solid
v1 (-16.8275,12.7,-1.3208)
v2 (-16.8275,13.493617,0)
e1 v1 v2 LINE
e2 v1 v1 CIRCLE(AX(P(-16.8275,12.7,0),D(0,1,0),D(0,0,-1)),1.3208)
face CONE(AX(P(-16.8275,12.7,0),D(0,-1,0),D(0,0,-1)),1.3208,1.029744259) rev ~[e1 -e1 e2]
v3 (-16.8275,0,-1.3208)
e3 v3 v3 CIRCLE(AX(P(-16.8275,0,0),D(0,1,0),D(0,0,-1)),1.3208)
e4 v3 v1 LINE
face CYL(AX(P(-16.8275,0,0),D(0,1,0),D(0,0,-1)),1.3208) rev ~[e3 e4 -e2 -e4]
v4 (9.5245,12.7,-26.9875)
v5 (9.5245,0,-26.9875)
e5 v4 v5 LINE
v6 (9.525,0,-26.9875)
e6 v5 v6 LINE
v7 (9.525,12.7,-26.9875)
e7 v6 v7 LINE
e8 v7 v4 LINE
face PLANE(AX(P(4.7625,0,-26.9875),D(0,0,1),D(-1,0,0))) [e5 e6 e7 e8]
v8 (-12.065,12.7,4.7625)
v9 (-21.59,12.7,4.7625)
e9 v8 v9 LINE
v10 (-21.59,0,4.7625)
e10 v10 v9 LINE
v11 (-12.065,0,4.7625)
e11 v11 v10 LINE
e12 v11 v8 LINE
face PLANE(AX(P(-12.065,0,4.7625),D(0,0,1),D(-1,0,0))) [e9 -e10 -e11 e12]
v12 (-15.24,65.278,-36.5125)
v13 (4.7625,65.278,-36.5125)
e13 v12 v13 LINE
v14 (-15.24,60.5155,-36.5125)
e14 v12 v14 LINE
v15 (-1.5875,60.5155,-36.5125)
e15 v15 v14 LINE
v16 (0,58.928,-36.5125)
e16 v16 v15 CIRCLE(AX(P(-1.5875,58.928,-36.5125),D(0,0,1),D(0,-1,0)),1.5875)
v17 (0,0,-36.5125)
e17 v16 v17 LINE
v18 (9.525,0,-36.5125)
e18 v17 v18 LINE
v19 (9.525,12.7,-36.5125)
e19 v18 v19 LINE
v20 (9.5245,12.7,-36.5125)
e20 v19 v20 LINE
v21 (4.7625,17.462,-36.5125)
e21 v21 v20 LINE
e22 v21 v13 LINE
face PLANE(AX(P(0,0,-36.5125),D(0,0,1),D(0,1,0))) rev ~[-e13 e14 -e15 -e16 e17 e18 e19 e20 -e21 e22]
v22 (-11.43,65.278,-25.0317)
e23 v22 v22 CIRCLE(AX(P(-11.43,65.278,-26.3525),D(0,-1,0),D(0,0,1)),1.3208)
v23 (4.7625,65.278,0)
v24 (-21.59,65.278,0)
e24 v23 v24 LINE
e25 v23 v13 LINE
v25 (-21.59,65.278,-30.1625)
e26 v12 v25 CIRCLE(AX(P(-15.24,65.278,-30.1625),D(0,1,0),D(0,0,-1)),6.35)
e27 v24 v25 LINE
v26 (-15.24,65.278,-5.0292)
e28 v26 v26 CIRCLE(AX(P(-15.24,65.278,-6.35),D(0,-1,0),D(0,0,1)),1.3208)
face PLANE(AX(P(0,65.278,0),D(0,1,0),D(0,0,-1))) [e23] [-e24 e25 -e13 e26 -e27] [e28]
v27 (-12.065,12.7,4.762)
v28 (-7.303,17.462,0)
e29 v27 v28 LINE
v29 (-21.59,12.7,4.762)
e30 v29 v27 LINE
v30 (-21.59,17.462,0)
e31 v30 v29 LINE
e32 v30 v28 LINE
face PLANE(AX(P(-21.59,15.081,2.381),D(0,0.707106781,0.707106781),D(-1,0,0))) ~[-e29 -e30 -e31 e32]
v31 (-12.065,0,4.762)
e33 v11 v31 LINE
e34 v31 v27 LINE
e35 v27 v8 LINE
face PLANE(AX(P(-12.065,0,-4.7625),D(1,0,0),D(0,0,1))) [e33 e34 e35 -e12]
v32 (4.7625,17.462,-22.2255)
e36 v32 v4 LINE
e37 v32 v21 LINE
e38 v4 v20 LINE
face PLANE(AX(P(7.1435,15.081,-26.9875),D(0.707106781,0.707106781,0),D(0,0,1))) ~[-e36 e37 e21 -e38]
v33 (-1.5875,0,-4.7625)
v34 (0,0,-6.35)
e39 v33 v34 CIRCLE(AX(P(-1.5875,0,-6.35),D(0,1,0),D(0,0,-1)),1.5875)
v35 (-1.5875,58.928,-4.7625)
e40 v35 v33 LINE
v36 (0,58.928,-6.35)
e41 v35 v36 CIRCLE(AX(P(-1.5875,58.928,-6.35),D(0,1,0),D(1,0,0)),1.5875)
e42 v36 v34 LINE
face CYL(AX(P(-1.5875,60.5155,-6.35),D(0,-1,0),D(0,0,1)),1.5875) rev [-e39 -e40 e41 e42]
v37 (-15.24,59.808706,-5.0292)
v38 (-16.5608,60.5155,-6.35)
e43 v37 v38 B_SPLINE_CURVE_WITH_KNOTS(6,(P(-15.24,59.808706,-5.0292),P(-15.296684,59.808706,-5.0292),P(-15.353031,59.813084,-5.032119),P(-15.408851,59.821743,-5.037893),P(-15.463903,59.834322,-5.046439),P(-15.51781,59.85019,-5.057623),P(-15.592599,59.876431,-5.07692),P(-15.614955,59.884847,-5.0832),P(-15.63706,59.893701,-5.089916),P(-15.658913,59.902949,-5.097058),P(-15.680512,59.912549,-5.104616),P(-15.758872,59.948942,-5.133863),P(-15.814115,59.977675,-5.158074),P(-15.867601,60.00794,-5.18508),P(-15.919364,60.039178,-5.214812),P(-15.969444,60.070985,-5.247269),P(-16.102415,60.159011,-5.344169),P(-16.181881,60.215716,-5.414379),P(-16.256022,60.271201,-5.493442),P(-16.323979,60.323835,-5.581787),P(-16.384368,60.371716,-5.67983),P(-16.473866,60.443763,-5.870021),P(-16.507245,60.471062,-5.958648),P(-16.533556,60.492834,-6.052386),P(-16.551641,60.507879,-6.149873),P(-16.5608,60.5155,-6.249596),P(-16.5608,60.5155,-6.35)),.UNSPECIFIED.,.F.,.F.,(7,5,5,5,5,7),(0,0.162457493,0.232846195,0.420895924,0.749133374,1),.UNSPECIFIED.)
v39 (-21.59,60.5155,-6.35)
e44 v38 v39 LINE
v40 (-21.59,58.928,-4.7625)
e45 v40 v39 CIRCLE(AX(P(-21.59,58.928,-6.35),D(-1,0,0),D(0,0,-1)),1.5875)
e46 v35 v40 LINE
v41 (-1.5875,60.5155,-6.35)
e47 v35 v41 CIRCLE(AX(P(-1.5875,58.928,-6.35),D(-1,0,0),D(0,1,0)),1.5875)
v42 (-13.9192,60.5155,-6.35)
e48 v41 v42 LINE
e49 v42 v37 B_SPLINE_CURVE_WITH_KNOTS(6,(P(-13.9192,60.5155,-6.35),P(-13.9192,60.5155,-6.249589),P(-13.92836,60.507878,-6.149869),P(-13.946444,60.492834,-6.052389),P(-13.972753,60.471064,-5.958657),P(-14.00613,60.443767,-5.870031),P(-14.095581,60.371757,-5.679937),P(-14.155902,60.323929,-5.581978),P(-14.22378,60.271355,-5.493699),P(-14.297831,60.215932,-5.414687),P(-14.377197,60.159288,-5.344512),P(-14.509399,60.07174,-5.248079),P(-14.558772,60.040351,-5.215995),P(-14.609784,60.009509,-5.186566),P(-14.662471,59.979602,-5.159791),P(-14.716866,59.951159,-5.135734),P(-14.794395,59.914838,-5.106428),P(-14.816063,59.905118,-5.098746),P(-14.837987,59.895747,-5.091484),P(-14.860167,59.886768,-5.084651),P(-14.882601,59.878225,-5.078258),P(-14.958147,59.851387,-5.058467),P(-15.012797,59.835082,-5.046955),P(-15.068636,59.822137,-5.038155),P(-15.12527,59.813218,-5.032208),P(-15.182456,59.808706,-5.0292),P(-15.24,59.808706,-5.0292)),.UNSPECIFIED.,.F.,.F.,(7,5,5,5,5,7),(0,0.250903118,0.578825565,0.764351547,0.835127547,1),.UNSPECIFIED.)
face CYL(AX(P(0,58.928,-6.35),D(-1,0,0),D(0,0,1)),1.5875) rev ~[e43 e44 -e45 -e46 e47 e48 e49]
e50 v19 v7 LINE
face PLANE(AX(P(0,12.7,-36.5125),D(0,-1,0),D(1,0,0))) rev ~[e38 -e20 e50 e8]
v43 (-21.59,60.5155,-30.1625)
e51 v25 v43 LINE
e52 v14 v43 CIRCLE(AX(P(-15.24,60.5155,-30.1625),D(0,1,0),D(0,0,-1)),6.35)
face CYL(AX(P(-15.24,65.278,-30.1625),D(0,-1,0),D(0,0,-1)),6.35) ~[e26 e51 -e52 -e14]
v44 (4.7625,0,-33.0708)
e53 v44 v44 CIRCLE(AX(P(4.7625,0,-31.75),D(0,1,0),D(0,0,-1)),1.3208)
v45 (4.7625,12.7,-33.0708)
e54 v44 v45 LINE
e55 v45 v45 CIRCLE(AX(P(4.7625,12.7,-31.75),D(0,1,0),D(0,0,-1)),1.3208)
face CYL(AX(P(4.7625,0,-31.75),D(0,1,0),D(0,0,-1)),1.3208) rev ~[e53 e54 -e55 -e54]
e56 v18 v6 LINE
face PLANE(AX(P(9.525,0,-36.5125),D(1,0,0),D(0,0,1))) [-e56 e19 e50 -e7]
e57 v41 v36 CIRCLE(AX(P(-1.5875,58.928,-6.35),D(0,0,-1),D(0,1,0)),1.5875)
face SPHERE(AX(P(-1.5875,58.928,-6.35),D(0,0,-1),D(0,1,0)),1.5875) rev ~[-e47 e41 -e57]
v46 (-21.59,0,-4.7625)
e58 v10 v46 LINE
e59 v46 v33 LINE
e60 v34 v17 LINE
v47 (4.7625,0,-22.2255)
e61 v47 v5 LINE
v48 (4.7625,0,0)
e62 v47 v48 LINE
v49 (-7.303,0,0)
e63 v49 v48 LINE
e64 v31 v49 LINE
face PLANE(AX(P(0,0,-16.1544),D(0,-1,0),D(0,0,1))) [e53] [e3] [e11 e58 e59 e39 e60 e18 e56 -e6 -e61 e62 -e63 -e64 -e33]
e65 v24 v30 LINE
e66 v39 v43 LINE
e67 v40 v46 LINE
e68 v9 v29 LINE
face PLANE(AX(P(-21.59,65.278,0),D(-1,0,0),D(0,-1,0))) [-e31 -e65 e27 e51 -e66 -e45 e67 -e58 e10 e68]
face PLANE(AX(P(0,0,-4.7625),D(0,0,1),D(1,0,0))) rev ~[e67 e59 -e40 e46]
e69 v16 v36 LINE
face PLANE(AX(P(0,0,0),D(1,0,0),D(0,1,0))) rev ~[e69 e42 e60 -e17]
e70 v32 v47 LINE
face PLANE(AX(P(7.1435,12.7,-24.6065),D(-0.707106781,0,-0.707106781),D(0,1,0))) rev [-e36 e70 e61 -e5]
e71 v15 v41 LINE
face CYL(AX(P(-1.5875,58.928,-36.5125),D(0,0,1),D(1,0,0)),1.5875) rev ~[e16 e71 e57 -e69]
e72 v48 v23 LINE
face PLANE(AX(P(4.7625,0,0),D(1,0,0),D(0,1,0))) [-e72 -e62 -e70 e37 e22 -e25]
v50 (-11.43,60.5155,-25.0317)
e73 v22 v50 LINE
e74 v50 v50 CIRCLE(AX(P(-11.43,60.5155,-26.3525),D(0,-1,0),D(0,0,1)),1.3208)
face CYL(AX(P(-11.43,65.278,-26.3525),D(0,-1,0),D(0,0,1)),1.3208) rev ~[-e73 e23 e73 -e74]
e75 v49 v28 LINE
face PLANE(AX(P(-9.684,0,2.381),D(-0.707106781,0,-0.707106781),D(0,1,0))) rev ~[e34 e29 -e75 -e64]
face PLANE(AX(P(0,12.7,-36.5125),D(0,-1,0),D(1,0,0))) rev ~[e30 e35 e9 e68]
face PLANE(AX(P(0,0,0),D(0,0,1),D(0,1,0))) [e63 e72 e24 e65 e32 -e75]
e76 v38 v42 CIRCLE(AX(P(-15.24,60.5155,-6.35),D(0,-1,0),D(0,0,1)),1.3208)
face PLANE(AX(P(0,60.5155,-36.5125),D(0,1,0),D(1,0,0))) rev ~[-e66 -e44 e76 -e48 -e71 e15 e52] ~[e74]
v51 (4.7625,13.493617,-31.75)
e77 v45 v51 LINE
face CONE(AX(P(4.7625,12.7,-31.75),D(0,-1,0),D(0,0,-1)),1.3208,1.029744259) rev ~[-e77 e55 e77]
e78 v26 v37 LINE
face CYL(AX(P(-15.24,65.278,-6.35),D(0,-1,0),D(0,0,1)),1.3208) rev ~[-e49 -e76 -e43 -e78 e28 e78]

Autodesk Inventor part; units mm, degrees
ref_plane "YZ Plane" through (0, 0, 0) normal (1, 0, 0) x (0, 1, 0)
ref_plane "XZ Plane" through (0, 0, 0) normal (0, 1, 0) x (-1, 0, 0)
ref_plane "XY Plane" through (0, 0, 0) normal (0, 0, 1) x (1, 0, 0)
sketch "Sketch1" plane through (0, 0, 0) normal (1, 0, 0) x (0, 1, 0)
  line L0 (0, 0) -> (65.278, 0)
  line L1 (65.278, 0) -> (65.278, -16.1544)
  line L2 (0, -16.1544) -> (0, 0)
  line L3 (0, 0) -> (0, -20.066)
  line L4 (65.278, 0) -> (0, 0)
  line L5 (0, 0) -> (0, -36.5125)
  line L6 (0, -36.5125) -> (65.278, -36.5125)
  line L7 (65.278, -36.5125) -> (65.278, 0)
  dimension "d0" = 65.278
  dimension "d1" = 16.1544
  dimension "d11" = 36.5125
extrude "Extrusion1" add sketch "Sketch1" along normal blind 4.7625
sketch "Sketch3" plane through (0, 0, 0) normal (0, 0, 1) x (1, 0, 0)
  line L0 (0, 65.278) -> (0, 0) projected
  line L1 (0, 0) -> (4.7625, 0) projected
  line L2 (4.7625, 65.278) -> (4.7625, 0) projected
  line L3 (0, 65.278) -> (4.7625, 65.278) projected
  line L4 (4.7625, 65.278) -> (4.7625, 0) projected
  line L5 (4.7625, 65.278) -> (-21.59, 65.278)
  line L6 (-21.59, 65.278) -> (-21.59, 0)
  line L7 (-21.59, 0) -> (4.7625, 0)
  line L8 (4.7625, 0) -> (4.7625, 65.278)
  dimension "d12" = 26.3525
extrude "Extrusion3" add sketch "Sketch3" against normal blind 4.7625 contours L0 L7 L6 L5
sketch "Sketch4" plane through (0, 65.278, -36.5125) normal (0, 1, 0) x (1, 0, 0)
  line L0 (0, 0) -> (0, -31.75) projected
  line L1 (-21.59, -31.75) -> (0, -31.75) projected
  line L2 (-21.59, -36.5125) -> (-21.59, -31.75) projected
  line L3 (4.7625, -36.5125) -> (-21.59, -36.5125) projected
  line L4 (4.7625, 0) -> (4.7625, -36.5125) projected
  line L5 (0, 0) -> (4.7625, 0) projected
  line L6 (-21.59, -31.75) -> (0, -31.75) projected
  line L7 (-21.59, -31.75) -> (-21.59, 0)
  line L8 (0, 0) -> (-21.59, 0)
  line L9 (-21.59, 0) -> (0, 0)
  line L10 (0, 0) -> (0, -31.75)
  line L11 (0, -31.75) -> (-21.59, -31.75)
  line L12 (-21.59, -31.75) -> (-21.59, 0)
  point P0 (0, -36.5125)
  dimension "d15" = 31.75
  dimension "d16" = 21.59
  dimension "d50" = 31.75
  dimension "d51" = 21.59
extrude "Extrusion4" add sketch "Sketch4" against normal blind 4.7625
fillet "Fillet1" radius 1.5875 3 edges at (0, 60.5155, -20.6375) (-10.795, 60.5155, -4.7625) (0, 30.2578, -4.7625)
sketch "Sketch6" plane through (0, 0, -36.5125) normal (0, -1, 0) x (1, 0, 0)
  line L0 (0, 30.1625) -> (0, 0) projected
  line L1 (0, 0) -> (4.7625, 0) projected
  line L2 (4.7625, 36.5125) -> (4.7625, 0) projected
  line L3 (-21.59, 36.5125) -> (4.7625, 36.5125) projected
  line L4 (-21.59, 36.5125) -> (-21.59, 31.75) projected
  line L5 (-1.5875, 31.75) -> (-21.59, 31.75) projected
  arc A0 (0, 30.1625) -> (-1.5875, 31.75) centre (-1.5875, 30.1625) ccw projected
  line L6 (0, 0) -> (9.525, 0)
  line L7 (9.525, 0) -> (9.525, 9.525)
  line L8 (9.525, 9.525) -> (0, 9.525)
  line L9 (0, 9.525) -> (0, 0)
  line L10 (-21.59, 36.5125) -> (-21.59, 31.75) projected
  line L11 (-21.59, 31.75) -> (-12.065, 31.75)
  line L12 (-12.065, 31.75) -> (-12.065, 41.275)
  line L13 (-12.065, 41.275) -> (-21.59, 41.275)
  line L14 (-21.59, 41.275) -> (-21.59, 31.75)
  point P0 (0, 36.5125)
  dimension "d24" = 9.525
  dimension "d25" = 9.525
  dimension "d26" = 9.525
  dimension "d27" = 9.525
extrude "Extrusion5" add sketch "Sketch6" against normal blind 12.7 contours L8 L2 L1 L0 | L8 L7 L6 L2 | L5 L4 L3 L12 | L3 L14 L13 L12
chamfer "Chamfer1" distance 4.7625 angle 45 4 edges at (4.7625, 6.35, -26.9875) (-12.065, 6.35, 0) (4.7625, 12.7, -31.75) (-16.8275, 12.7, 0)
sketch "Sketch8" plane through (-21.59, 0, -4.7625) normal (0, -1, 0) x (1, 0, 0)
  line L0 (20.0025, 0) -> (0, 0) projected
  arc A0 (21.59, -1.5875) -> (20.0025, 0) centre (20.0025, -1.5875) ccw projected
  line L1 (21.59, -1.5875) -> (21.59, -31.75) projected
  line L2 (21.59, -31.75) -> (31.115, -31.75) projected
  line L3 (31.115, -31.75) -> (31.115, -22.225) projected
  line L4 (26.3525, -17.4625) -> (31.115, -22.225) projected
  line L5 (26.3525, 4.7625) -> (26.3525, -17.4625) projected
  line L6 (14.2875, 4.7625) -> (26.3525, 4.7625) projected
  line L7 (9.525, 9.525) -> (14.2875, 4.7625) projected
  line L8 (9.525, 9.525) -> (0, 9.525) projected
  line L9 (0, 9.525) -> (0, 0) projected
  line L10 (26.3525, 4.7625) -> (0, 4.7625) projected
  point P0 (21.59, 4.7625)
  point P1 (4.7625, 4.7625)
  point P2 (26.3525, -26.9875)
hole "Hole1" at (-16.8275, 0, 0) at (4.7625, 0, -31.75) direction (0, 1, 0) diameter 2.6416 depth 12.7 tip angle 118 thread size "6-32 UNC" class "2B" standard "ANSI Unified Screw Threads"
sketch "Sketch9" plane through (4.7625, 65.278, 0) normal (0, 1, 0) x (1, 0, 0)
  line L0 (-26.3525, 36.5125) -> (0, 36.5125) projected
  line L1 (-26.3525, 0) -> (-26.3525, 36.5125) projected
  line L2 (0, 0) -> (-26.3525, 0) projected
  line L3 (0, 36.5125) -> (0, 0) projected
  point P0 (-4.7625, 0)
  point P1 (-20.0025, 6.35)
  point P2 (-16.1925, 26.3525)
  dimension "d52" = 6.35
  dimension "d56" = 10.16
  dimension "d57" = 6.35
  dimension "d58" = 10.16
hole "Hole2" at (-15.24, 65.278, -6.35) at (-11.43, 65.278, -26.3525) direction (0, -1, 0) diameter 2.6416 end through all thread size "6-32 UNC" class "2B" standard "ANSI Unified Screw Threads"
fillet "Fillet2" radius 6.35 1 edges at (-21.59, 62.8968, -36.5125)
equation "\"d15\" = d50"
equation "\"d16\" = d51"
properties part number "WheelIntakeBrace"
